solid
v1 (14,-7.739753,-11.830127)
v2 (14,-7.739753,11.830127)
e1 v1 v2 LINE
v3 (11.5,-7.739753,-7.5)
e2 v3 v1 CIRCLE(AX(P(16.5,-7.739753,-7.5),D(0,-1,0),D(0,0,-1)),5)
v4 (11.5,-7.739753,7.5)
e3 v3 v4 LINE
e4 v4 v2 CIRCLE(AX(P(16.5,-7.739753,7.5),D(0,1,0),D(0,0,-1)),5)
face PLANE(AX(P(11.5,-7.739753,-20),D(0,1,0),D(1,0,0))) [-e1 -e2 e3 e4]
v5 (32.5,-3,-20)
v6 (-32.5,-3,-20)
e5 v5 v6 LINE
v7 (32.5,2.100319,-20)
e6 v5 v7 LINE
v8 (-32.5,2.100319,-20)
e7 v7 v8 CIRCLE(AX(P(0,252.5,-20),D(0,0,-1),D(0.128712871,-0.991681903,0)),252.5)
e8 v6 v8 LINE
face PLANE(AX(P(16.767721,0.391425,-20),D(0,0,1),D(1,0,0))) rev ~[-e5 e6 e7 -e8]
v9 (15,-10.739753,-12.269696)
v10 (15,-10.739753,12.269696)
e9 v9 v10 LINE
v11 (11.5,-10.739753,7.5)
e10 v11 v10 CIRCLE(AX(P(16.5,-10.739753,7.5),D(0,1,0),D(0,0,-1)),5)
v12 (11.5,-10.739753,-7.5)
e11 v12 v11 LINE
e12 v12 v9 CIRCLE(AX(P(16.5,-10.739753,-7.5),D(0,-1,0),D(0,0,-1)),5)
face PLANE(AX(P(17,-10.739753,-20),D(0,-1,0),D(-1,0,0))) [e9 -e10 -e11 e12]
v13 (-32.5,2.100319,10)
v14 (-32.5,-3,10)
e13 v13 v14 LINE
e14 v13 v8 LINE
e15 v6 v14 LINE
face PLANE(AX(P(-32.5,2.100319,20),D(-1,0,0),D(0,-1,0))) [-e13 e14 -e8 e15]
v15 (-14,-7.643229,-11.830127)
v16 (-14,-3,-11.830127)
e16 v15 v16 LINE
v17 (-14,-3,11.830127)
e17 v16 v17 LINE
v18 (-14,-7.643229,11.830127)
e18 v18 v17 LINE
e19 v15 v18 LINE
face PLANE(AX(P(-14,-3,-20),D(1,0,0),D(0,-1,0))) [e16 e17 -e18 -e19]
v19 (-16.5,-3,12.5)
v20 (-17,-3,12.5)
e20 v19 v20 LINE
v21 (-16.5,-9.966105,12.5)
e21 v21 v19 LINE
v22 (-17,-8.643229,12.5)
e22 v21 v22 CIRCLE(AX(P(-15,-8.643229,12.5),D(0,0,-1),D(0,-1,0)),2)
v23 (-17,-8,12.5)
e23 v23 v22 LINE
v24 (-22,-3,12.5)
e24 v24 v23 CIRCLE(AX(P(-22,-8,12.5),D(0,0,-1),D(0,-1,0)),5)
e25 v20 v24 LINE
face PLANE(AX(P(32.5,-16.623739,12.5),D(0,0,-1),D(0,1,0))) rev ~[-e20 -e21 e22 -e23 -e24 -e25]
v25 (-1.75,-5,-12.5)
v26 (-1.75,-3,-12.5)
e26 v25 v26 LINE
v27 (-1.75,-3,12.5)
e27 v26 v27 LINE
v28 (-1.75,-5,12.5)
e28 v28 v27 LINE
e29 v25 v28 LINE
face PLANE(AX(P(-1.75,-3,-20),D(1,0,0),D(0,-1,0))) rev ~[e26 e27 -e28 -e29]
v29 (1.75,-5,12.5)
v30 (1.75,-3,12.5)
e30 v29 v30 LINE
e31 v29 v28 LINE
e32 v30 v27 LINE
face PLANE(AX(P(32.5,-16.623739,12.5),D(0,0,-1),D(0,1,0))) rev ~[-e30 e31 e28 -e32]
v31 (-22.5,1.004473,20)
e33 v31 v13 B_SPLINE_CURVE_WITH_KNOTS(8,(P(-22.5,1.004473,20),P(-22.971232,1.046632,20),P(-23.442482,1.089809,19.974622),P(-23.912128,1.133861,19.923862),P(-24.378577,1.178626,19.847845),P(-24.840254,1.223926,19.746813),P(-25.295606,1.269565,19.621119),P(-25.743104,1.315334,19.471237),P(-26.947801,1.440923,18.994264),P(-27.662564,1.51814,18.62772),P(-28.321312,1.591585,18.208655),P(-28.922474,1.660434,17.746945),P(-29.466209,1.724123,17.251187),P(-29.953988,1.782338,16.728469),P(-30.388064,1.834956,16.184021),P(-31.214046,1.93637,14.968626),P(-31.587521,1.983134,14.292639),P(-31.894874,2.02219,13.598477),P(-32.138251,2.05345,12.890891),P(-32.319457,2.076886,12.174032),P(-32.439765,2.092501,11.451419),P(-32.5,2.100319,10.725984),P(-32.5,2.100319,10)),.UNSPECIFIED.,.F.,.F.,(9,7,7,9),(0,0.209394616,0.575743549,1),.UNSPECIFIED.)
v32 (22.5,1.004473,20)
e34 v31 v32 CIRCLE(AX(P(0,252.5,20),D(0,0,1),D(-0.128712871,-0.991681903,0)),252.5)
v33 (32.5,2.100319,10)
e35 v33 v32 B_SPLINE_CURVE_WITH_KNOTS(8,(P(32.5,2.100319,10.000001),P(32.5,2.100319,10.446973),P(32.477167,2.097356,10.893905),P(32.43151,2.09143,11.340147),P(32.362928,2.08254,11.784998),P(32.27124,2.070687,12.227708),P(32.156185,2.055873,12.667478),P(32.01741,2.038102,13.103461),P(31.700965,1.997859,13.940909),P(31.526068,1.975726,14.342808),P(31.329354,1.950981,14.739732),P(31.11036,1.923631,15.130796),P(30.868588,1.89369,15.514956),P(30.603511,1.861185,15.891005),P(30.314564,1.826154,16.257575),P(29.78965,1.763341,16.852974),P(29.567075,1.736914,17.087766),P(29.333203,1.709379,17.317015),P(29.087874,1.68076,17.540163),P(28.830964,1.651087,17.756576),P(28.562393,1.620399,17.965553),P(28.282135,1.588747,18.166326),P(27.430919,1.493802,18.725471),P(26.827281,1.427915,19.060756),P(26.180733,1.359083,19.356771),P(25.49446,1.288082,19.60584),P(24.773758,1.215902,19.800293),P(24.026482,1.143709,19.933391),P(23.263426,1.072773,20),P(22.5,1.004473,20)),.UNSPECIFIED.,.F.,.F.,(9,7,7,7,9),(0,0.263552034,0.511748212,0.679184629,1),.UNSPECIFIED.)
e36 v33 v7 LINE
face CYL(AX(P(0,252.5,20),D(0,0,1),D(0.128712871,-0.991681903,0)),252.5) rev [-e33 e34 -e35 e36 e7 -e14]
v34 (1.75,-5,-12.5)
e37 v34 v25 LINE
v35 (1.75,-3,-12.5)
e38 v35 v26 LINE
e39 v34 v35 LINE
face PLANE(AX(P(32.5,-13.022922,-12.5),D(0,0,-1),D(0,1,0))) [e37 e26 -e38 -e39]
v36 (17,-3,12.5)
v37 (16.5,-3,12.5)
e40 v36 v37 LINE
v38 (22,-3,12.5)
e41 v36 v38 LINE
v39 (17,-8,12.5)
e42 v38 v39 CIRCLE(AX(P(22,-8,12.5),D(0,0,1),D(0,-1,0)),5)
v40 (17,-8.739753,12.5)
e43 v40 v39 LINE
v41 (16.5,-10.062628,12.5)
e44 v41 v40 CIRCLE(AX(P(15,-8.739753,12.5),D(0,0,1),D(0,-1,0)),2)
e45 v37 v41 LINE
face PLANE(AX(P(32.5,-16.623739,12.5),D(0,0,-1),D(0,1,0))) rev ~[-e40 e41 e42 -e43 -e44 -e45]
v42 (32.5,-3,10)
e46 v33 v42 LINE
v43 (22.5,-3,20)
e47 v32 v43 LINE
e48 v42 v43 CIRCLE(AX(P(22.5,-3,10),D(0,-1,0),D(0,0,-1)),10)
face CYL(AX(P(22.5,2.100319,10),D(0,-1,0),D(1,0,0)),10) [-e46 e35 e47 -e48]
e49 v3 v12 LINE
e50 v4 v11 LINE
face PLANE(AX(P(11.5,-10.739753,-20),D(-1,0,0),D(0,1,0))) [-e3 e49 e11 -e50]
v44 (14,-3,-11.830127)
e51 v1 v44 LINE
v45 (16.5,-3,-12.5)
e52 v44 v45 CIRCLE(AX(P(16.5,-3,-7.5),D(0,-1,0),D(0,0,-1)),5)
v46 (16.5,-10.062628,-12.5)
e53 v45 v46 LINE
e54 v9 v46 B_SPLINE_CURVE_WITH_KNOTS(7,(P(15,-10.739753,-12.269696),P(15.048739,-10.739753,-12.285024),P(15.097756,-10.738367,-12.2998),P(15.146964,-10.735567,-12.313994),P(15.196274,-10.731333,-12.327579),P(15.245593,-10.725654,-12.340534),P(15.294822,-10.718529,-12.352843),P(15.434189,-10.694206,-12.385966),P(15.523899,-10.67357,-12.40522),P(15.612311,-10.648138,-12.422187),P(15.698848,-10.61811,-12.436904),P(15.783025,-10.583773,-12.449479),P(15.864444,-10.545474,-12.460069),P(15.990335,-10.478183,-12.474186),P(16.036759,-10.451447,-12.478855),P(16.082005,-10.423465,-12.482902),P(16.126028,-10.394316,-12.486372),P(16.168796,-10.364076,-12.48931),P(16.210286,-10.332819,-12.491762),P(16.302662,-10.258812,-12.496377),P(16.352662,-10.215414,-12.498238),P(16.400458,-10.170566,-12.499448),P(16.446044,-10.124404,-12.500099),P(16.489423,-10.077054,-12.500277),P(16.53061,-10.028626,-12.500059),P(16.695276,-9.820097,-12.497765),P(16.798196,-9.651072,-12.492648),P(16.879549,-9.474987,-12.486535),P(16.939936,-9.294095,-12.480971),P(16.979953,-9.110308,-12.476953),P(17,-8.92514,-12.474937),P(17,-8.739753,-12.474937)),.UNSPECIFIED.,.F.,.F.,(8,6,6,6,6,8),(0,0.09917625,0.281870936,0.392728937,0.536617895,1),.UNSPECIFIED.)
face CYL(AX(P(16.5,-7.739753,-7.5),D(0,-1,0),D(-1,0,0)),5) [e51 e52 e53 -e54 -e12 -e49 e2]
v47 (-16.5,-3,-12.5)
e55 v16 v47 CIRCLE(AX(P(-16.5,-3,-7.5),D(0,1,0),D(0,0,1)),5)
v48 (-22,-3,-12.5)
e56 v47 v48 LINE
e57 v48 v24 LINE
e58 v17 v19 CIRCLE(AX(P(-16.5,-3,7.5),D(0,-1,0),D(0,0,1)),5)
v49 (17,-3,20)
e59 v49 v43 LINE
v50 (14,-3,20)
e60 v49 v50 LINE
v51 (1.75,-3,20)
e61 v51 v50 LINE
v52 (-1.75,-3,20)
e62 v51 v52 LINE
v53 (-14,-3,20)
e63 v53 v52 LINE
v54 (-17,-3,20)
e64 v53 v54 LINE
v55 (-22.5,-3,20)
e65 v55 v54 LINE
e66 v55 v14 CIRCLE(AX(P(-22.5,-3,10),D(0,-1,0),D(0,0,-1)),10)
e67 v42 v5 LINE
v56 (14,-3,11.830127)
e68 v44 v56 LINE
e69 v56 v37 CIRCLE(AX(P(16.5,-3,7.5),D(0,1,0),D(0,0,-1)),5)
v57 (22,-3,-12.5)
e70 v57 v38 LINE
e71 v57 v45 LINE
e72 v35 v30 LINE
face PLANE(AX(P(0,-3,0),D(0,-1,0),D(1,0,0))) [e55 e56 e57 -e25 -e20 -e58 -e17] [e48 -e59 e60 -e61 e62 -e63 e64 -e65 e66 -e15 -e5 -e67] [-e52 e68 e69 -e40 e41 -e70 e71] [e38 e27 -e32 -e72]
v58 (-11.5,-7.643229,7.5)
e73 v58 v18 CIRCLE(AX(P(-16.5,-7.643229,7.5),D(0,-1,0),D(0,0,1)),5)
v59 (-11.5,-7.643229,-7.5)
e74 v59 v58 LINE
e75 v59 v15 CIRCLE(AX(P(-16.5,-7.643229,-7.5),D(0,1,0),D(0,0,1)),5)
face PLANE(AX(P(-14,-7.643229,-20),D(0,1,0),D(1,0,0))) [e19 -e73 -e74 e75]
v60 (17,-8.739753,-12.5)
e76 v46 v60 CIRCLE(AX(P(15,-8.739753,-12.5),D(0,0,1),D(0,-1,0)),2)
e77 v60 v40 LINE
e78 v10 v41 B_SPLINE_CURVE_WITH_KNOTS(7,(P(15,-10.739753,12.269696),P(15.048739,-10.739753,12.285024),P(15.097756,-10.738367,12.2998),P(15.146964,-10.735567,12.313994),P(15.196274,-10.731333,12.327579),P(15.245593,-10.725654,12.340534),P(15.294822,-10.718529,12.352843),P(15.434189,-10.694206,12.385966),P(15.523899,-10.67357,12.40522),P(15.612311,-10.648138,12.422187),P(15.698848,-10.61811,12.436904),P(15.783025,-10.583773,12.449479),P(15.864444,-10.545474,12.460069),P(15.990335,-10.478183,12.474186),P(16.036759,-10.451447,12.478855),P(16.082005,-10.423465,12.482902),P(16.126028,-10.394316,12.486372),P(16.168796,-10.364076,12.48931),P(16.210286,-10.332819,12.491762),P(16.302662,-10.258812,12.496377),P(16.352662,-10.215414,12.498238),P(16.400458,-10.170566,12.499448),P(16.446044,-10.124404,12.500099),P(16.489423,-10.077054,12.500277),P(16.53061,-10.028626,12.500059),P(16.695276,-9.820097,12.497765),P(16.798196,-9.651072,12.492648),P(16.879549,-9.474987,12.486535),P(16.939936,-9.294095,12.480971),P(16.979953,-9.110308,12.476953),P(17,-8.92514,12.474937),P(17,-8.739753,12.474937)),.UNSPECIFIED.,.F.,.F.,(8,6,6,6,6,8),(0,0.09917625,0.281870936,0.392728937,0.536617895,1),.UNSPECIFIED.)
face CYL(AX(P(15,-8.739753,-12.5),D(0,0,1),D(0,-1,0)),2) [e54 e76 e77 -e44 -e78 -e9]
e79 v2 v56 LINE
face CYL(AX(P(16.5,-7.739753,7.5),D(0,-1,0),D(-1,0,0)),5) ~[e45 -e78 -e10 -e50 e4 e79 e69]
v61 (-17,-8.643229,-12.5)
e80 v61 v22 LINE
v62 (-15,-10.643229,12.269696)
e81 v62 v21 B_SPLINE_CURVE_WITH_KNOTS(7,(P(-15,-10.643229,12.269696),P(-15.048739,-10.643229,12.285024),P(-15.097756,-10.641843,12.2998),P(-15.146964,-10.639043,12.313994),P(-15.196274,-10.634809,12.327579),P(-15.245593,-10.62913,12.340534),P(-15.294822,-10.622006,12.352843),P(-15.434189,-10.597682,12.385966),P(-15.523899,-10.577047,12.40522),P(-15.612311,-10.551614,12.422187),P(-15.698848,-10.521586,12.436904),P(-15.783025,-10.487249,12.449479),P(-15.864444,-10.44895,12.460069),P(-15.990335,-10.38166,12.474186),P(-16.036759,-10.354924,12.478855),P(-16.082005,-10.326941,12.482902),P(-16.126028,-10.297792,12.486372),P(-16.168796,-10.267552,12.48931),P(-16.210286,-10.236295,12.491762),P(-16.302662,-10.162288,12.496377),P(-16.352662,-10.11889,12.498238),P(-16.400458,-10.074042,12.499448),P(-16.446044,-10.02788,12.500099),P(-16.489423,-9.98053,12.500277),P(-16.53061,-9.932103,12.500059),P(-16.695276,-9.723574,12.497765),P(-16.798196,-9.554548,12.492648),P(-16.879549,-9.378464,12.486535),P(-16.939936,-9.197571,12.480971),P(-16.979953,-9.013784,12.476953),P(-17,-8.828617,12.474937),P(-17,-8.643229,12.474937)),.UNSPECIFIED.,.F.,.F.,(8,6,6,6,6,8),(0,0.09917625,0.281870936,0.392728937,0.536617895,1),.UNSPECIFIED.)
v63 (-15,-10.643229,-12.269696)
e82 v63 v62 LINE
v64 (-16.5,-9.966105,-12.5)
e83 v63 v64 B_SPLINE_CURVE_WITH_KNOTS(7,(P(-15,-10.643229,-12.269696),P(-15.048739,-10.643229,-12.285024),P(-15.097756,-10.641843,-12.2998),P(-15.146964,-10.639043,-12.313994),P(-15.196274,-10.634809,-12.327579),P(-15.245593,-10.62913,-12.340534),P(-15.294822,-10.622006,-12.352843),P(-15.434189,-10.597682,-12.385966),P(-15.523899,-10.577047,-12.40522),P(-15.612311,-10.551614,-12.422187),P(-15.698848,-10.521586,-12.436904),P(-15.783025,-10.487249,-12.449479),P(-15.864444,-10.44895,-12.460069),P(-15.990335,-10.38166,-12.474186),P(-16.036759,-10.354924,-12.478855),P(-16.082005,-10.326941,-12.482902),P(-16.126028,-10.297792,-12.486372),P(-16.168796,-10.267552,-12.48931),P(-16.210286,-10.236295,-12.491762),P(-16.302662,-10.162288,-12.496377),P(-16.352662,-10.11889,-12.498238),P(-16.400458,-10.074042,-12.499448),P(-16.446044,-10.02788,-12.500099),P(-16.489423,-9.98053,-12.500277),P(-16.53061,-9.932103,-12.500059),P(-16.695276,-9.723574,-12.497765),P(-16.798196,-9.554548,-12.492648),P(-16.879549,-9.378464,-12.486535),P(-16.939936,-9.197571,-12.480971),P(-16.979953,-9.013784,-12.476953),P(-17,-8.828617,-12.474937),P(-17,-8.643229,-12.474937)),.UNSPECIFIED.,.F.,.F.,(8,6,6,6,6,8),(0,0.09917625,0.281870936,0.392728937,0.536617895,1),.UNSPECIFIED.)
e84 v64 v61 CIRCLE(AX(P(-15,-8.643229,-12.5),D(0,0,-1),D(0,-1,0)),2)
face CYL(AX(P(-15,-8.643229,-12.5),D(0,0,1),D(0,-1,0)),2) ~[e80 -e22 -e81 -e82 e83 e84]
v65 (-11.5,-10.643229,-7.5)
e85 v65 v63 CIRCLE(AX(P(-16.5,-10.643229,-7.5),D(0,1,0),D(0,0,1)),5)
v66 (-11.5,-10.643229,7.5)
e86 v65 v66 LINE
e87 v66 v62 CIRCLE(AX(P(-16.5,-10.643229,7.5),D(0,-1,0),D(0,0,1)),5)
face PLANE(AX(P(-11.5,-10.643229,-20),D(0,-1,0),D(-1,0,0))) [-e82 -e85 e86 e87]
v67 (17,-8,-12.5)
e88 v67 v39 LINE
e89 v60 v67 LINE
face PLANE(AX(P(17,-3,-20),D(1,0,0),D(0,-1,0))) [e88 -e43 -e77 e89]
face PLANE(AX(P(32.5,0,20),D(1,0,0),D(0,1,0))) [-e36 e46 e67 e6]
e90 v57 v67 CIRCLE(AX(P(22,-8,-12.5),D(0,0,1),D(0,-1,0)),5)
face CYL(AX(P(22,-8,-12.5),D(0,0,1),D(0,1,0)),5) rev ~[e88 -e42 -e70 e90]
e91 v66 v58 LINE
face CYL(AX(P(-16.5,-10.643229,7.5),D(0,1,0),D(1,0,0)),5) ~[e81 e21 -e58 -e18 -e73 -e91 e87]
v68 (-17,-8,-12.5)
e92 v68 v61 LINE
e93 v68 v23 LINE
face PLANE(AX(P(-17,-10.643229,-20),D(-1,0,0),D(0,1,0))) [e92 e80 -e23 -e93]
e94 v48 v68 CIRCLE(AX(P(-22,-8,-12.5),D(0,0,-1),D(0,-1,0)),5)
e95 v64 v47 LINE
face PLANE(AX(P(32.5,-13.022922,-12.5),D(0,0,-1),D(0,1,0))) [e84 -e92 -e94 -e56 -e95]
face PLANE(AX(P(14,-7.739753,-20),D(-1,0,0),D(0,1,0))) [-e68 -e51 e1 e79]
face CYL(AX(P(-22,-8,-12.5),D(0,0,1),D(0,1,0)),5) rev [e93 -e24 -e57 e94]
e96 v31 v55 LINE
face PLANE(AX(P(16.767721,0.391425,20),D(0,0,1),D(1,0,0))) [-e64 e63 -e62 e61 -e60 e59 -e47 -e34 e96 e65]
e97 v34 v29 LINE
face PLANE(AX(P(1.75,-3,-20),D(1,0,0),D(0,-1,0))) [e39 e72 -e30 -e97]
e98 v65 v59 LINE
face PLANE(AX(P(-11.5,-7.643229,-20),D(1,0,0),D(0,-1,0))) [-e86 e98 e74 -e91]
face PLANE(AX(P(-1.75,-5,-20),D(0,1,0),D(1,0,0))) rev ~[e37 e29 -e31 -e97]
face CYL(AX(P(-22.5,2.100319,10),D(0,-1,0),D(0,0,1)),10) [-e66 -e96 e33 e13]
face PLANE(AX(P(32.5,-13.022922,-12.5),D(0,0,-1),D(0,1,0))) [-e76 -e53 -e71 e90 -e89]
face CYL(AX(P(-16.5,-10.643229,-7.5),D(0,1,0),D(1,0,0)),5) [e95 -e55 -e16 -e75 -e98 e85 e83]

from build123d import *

# Parameters (mm, degrees)
F0_W     = 65
F0_H     = 40
F1_DEPTH = 3
F3_DEPTH = 40
F4_W     = 3.5
F4_H     = 2
F5_DEPTH = 40
F6_W     = 10.0229219794
F6_H     = 7.5
F6_W_2   = 13.6237391531
F7_DEPTH = 65
F8_R     = 5
F9_R     = 5
F10_R    = 2
F11_R    = 10


with BuildPart() as f1:
    # F0 (on Front) → F1 (new body)
    with BuildSketch(Plane.XZ):
        Rectangle(F0_W, F0_H)
    extrude(amount=F1_DEPTH)

    # F2 (on face) → F3 (join, through all)
    with BuildSketch(Plane.XY.offset(20)):
        with BuildLine():
            ThreePointArc((32.5, 2.100319489), (16.2838980434, 0.5256269687), (0, 0))
            Line((0, 0), (32.5, 0))
            Line((32.5, 0), (32.5, 2.100319489))
        make_face()
        with BuildLine():
            ThreePointArc((0, 0), (-16.2838980434, 0.5256269687), (-32.5, 2.100319489))
            Line((-32.5, 2.100319489), (-32.5, 0))
            Line((-32.5, 0), (0, 0))
        make_face()
    extrude(amount=-F3_DEPTH)

    # F4 (on face) → F5 (join, through all)
    with BuildSketch(Plane(origin=(0, 0, -20), x_dir=(1, 0, 0), z_dir=(0, 0, -1))):
        Polygon((-17, 10.6432288885), (-17, 3), (-14, 3), (-14, 7.6432288885), (-11.5, 7.6432288885), (-11.5, 10.6432288885), align=None)
        Polygon((14, 3), (17, 3), (17, 10.7397525311), (11.5, 10.7397525311), (11.5, 7.7397525311), (14, 7.7397525311), align=None)
        with Locations((0, 4)):
            Rectangle(F4_W, F4_H)
    extrude(amount=-F5_DEPTH)

    # F6 (on face) → F7 (cut, through all)
    with BuildSketch(Plane.YZ.offset(32.5)):
        with Locations((-8.0114609897, -16.25)):
            Rectangle(F6_W, F6_H)
        with Locations((-9.8118695766, 16.25)):
            Rectangle(F6_W_2, F6_H)
    extrude(amount=-F7_DEPTH, mode=Mode.SUBTRACT)

    # F8
    f8_edges = [f1.edges().sort_by_distance(p)[0] for p in [
        (17, -3, 0),
        (-17, -3, 0),
    ]]
    fillet(f8_edges, radius=F8_R)

    # F9
    f9_edges = [f1.edges().sort_by_distance(p)[0] for p in [
        (11.5, -9.239753, 12.5),
        (-11.5, -9.143229, 12.5),
        (11.5, -9.239753, -12.5),
        (-11.5, -9.143229, -12.5),
    ]]
    fillet(f9_edges, radius=F9_R)

    # F10
    f10_edges = [f1.edges().sort_by_distance(p)[0] for p in [
        (17, -10.739753, 0),
        (-17, -10.643229, 0),
    ]]
    fillet(f10_edges, radius=F10_R)

    # F11
    f11_edges = [f1.edges().sort_by_distance(p)[0] for p in [
        (32.5, -0.44984, 20),
        (-32.5, -0.44984, 20),
    ]]
    fillet(f11_edges, radius=F11_R)


solid = f1.part
